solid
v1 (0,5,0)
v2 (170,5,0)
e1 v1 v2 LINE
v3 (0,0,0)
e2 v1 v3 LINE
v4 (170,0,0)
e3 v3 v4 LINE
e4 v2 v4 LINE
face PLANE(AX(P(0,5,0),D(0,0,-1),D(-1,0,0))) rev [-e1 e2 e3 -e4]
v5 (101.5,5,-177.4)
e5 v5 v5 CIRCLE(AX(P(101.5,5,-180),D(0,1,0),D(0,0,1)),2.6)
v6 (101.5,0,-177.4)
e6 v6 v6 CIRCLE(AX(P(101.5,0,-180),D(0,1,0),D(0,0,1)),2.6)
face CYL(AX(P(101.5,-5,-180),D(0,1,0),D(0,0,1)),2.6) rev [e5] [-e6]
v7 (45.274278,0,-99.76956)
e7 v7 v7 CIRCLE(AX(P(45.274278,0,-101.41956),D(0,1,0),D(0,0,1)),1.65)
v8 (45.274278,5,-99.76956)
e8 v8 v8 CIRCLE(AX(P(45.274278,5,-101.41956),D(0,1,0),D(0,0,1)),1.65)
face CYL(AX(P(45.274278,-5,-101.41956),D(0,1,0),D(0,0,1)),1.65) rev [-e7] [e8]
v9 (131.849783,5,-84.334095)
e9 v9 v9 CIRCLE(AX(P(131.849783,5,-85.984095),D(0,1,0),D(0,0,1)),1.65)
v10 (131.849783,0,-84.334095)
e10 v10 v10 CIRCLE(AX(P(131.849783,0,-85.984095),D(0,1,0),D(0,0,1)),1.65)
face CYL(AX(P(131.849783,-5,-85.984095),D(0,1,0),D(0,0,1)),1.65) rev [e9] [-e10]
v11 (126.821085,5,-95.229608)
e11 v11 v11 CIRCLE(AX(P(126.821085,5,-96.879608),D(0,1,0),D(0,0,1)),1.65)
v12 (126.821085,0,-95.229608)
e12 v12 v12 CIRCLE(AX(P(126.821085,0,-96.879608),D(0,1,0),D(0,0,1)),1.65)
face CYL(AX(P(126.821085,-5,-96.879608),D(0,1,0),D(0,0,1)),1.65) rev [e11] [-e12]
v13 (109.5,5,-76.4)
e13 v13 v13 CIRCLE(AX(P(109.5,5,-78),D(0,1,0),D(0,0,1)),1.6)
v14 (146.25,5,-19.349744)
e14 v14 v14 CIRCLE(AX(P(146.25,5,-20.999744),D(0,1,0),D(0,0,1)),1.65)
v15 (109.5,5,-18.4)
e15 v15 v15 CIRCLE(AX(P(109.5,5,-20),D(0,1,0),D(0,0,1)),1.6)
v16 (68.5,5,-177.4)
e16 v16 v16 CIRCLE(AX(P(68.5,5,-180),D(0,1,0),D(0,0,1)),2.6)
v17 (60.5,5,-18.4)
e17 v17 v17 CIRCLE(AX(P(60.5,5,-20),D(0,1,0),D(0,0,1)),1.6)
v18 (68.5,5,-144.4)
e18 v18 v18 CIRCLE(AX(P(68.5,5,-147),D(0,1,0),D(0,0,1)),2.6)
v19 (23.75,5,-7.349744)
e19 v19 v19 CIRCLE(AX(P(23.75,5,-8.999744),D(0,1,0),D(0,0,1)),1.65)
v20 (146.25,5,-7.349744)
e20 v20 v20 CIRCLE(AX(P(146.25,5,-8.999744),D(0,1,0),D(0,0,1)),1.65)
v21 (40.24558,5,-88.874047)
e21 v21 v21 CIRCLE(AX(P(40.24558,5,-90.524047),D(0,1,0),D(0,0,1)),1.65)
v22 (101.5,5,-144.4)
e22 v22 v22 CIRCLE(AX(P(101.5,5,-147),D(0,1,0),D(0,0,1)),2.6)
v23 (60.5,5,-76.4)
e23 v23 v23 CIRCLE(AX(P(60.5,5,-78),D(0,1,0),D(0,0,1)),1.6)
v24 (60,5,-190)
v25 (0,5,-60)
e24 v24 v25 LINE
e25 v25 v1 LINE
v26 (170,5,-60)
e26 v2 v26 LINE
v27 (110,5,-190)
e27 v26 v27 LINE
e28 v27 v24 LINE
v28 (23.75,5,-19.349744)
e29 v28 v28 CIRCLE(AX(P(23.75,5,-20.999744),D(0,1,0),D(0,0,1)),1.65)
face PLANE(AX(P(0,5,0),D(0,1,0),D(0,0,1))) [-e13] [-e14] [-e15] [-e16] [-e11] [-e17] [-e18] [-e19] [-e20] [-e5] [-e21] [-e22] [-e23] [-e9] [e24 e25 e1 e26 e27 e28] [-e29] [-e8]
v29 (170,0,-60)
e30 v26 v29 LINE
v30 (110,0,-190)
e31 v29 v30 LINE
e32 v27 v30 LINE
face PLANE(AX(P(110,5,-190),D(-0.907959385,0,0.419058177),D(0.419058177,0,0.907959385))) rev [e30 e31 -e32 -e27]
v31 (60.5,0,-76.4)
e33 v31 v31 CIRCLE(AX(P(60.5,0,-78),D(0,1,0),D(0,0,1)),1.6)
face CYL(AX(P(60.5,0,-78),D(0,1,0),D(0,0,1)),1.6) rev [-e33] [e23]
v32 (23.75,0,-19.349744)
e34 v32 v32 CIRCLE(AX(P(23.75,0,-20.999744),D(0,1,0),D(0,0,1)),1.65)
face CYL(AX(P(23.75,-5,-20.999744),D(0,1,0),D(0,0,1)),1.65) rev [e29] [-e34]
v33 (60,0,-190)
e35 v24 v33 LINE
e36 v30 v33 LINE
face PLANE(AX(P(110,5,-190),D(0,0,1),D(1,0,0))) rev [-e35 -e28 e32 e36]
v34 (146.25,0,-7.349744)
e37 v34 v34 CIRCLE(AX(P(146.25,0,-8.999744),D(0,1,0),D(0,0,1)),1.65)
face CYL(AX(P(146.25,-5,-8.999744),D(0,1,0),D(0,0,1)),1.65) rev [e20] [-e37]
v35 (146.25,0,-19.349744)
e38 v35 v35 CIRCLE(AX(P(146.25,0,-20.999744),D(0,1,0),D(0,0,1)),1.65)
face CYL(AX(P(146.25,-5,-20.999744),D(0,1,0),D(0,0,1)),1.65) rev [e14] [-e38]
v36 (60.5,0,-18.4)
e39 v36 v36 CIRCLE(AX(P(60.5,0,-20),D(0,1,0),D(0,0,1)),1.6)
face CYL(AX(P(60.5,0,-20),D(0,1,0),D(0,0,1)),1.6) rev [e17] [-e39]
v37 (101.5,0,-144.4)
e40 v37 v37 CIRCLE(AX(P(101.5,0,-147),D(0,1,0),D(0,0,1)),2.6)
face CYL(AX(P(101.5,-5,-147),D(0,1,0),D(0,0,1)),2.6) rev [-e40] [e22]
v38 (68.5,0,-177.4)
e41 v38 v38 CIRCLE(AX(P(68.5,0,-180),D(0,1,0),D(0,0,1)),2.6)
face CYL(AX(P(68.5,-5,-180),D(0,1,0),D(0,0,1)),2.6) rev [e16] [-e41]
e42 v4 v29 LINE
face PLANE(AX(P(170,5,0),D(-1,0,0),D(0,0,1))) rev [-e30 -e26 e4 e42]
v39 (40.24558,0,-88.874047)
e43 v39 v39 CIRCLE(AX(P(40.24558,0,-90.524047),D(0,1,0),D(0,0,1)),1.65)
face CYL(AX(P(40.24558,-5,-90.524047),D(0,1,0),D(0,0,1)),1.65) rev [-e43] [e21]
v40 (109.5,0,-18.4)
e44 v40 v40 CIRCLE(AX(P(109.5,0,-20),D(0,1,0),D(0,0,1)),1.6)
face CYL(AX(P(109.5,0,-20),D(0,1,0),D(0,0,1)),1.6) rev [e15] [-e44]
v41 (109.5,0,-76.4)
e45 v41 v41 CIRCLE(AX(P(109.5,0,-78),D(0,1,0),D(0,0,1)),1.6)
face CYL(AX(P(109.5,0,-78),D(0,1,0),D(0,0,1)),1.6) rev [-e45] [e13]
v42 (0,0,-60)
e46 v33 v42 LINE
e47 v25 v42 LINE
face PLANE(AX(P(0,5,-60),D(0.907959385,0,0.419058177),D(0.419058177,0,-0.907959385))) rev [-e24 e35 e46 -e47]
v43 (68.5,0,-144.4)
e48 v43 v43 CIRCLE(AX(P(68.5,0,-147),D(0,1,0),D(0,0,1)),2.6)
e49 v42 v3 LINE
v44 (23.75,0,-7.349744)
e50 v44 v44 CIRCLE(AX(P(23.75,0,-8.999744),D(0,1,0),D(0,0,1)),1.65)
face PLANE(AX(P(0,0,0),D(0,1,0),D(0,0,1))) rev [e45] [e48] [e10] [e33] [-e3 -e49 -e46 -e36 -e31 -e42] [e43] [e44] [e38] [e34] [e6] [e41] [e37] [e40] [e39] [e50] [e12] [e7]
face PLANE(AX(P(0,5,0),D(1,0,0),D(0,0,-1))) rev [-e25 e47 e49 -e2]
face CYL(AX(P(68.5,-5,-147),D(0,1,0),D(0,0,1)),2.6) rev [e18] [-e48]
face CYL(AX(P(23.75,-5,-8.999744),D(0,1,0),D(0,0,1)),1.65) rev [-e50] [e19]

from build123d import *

# Parameters (mm, degrees)
EXTRUDE_1_DEPTH             = 5
SKETCH_2_R                  = 1.6
CUT_EXTRUDE_1_DEPTH         = 5
PATTERN_LINEAR_1_COUNT      = 2
PATTERN_LINEAR_1_PITCH      = 58
PATTERN_LINEAR_1_COUNT_DIR2 = 2
PATTERN_LINEAR_1_PITCH_DIR2 = 49
SKETCH_3_R                  = 2.6
CUT_EXTRUDE_2_DEPTH         = 10
PATTERN_LINEAR_2_COUNT      = 2
PATTERN_LINEAR_2_PITCH      = 33
PATTERN_LINEAR_2_COUNT_DIR2 = 2
PATTERN_LINEAR_2_PITCH_DIR2 = 33
SKETCH_4_R                  = 1.65
CUT_EXTRUDE_4_DEPTH         = 10


with BuildPart() as part:
    # Эскиз1 → Бобышка-Вытянуть1 (new body)
    with BuildSketch(Plane(origin=(0, 0, 0), x_dir=(1, 0, 0), z_dir=(0, 1, 0))):
        Polygon((0, 0), (170, 0), (170, 60), (110, 190), (60, 190), (0, 60), align=None)
    extrude(amount=EXTRUDE_1_DEPTH)

    # Эскиз2 → Вырез-Вытянуть1 (cut)
    with BuildSketch(Plane(origin=(0, 5, 0), x_dir=(1, 0, 0), z_dir=(0, 1, 0))):
        with Locations(Location((60.5, 20, 0), (0, 0, 270))):
            Circle(SKETCH_2_R)
    cut_extrude_1 = extrude(amount=-CUT_EXTRUDE_1_DEPTH, mode=Mode.SUBTRACT)

    # Линейный массив1: Cut-Extrude 1 2 × 2
    with Locations(*[(j * PATTERN_LINEAR_1_PITCH_DIR2, 0, -i * PATTERN_LINEAR_1_PITCH) for i in range(PATTERN_LINEAR_1_COUNT) for j in range(PATTERN_LINEAR_1_COUNT_DIR2) if (i, j) != (0, 0)]):
        add(cut_extrude_1, mode=Mode.SUBTRACT)

    # Эскиз3 → Вырез-Вытянуть2 (cut)
    with BuildSketch(Plane(origin=(0, 5, 0), x_dir=(1, 0, 0), z_dir=(0, 1, 0))):
        with Locations(Location((101.5, 180, 0), (0, 0, 270))):
            Circle(SKETCH_3_R)
    cut_extrude_2 = extrude(amount=-CUT_EXTRUDE_2_DEPTH, mode=Mode.SUBTRACT)

    # Линейный массив2: Cut-Extrude 2 2 × 2
    with Locations(*[(-i * PATTERN_LINEAR_2_PITCH, 0, j * PATTERN_LINEAR_2_PITCH_DIR2) for i in range(PATTERN_LINEAR_2_COUNT) for j in range(PATTERN_LINEAR_2_COUNT_DIR2) if (i, j) != (0, 0)]):
        add(cut_extrude_2, mode=Mode.SUBTRACT)

    # Эскиз4 → Вырез-Вытянуть4 (cut)
    with BuildSketch(Plane(origin=(0, 5, 0), x_dir=(1, 0, 0), z_dir=(0, 1, 0))):
        with Locations(Location((23.75, 8.999743724, 0), (0, 0, 270))):
            Circle(SKETCH_4_R)
        with Locations(Location((23.75, 20.999743724, 0), (0, 0, 270))):
            Circle(SKETCH_4_R)
        with Locations(Location((146.25, 20.999743724, 0), (0, 0, 270))):
            Circle(SKETCH_4_R)
        with Locations(Location((146.25, 8.999743724, 0), (0, 0, 270))):
            Circle(SKETCH_4_R)
        with Locations(Location((45.274277733, 101.419560045, 0), (0, 0, 270))):
            Circle(SKETCH_4_R)
        with Locations(Location((40.245579603, 90.524047431, 0), (0, 0, 270))):
            Circle(SKETCH_4_R)
        with Locations(Location((126.821084869, 96.879607741, 0), (0, 0, 270))):
            Circle(SKETCH_4_R)
        with Locations(Location((131.849782999, 85.984095127, 0), (0, 0, 270))):
            Circle(SKETCH_4_R)
    extrude(amount=-CUT_EXTRUDE_4_DEPTH, mode=Mode.SUBTRACT)


solid = part.part
